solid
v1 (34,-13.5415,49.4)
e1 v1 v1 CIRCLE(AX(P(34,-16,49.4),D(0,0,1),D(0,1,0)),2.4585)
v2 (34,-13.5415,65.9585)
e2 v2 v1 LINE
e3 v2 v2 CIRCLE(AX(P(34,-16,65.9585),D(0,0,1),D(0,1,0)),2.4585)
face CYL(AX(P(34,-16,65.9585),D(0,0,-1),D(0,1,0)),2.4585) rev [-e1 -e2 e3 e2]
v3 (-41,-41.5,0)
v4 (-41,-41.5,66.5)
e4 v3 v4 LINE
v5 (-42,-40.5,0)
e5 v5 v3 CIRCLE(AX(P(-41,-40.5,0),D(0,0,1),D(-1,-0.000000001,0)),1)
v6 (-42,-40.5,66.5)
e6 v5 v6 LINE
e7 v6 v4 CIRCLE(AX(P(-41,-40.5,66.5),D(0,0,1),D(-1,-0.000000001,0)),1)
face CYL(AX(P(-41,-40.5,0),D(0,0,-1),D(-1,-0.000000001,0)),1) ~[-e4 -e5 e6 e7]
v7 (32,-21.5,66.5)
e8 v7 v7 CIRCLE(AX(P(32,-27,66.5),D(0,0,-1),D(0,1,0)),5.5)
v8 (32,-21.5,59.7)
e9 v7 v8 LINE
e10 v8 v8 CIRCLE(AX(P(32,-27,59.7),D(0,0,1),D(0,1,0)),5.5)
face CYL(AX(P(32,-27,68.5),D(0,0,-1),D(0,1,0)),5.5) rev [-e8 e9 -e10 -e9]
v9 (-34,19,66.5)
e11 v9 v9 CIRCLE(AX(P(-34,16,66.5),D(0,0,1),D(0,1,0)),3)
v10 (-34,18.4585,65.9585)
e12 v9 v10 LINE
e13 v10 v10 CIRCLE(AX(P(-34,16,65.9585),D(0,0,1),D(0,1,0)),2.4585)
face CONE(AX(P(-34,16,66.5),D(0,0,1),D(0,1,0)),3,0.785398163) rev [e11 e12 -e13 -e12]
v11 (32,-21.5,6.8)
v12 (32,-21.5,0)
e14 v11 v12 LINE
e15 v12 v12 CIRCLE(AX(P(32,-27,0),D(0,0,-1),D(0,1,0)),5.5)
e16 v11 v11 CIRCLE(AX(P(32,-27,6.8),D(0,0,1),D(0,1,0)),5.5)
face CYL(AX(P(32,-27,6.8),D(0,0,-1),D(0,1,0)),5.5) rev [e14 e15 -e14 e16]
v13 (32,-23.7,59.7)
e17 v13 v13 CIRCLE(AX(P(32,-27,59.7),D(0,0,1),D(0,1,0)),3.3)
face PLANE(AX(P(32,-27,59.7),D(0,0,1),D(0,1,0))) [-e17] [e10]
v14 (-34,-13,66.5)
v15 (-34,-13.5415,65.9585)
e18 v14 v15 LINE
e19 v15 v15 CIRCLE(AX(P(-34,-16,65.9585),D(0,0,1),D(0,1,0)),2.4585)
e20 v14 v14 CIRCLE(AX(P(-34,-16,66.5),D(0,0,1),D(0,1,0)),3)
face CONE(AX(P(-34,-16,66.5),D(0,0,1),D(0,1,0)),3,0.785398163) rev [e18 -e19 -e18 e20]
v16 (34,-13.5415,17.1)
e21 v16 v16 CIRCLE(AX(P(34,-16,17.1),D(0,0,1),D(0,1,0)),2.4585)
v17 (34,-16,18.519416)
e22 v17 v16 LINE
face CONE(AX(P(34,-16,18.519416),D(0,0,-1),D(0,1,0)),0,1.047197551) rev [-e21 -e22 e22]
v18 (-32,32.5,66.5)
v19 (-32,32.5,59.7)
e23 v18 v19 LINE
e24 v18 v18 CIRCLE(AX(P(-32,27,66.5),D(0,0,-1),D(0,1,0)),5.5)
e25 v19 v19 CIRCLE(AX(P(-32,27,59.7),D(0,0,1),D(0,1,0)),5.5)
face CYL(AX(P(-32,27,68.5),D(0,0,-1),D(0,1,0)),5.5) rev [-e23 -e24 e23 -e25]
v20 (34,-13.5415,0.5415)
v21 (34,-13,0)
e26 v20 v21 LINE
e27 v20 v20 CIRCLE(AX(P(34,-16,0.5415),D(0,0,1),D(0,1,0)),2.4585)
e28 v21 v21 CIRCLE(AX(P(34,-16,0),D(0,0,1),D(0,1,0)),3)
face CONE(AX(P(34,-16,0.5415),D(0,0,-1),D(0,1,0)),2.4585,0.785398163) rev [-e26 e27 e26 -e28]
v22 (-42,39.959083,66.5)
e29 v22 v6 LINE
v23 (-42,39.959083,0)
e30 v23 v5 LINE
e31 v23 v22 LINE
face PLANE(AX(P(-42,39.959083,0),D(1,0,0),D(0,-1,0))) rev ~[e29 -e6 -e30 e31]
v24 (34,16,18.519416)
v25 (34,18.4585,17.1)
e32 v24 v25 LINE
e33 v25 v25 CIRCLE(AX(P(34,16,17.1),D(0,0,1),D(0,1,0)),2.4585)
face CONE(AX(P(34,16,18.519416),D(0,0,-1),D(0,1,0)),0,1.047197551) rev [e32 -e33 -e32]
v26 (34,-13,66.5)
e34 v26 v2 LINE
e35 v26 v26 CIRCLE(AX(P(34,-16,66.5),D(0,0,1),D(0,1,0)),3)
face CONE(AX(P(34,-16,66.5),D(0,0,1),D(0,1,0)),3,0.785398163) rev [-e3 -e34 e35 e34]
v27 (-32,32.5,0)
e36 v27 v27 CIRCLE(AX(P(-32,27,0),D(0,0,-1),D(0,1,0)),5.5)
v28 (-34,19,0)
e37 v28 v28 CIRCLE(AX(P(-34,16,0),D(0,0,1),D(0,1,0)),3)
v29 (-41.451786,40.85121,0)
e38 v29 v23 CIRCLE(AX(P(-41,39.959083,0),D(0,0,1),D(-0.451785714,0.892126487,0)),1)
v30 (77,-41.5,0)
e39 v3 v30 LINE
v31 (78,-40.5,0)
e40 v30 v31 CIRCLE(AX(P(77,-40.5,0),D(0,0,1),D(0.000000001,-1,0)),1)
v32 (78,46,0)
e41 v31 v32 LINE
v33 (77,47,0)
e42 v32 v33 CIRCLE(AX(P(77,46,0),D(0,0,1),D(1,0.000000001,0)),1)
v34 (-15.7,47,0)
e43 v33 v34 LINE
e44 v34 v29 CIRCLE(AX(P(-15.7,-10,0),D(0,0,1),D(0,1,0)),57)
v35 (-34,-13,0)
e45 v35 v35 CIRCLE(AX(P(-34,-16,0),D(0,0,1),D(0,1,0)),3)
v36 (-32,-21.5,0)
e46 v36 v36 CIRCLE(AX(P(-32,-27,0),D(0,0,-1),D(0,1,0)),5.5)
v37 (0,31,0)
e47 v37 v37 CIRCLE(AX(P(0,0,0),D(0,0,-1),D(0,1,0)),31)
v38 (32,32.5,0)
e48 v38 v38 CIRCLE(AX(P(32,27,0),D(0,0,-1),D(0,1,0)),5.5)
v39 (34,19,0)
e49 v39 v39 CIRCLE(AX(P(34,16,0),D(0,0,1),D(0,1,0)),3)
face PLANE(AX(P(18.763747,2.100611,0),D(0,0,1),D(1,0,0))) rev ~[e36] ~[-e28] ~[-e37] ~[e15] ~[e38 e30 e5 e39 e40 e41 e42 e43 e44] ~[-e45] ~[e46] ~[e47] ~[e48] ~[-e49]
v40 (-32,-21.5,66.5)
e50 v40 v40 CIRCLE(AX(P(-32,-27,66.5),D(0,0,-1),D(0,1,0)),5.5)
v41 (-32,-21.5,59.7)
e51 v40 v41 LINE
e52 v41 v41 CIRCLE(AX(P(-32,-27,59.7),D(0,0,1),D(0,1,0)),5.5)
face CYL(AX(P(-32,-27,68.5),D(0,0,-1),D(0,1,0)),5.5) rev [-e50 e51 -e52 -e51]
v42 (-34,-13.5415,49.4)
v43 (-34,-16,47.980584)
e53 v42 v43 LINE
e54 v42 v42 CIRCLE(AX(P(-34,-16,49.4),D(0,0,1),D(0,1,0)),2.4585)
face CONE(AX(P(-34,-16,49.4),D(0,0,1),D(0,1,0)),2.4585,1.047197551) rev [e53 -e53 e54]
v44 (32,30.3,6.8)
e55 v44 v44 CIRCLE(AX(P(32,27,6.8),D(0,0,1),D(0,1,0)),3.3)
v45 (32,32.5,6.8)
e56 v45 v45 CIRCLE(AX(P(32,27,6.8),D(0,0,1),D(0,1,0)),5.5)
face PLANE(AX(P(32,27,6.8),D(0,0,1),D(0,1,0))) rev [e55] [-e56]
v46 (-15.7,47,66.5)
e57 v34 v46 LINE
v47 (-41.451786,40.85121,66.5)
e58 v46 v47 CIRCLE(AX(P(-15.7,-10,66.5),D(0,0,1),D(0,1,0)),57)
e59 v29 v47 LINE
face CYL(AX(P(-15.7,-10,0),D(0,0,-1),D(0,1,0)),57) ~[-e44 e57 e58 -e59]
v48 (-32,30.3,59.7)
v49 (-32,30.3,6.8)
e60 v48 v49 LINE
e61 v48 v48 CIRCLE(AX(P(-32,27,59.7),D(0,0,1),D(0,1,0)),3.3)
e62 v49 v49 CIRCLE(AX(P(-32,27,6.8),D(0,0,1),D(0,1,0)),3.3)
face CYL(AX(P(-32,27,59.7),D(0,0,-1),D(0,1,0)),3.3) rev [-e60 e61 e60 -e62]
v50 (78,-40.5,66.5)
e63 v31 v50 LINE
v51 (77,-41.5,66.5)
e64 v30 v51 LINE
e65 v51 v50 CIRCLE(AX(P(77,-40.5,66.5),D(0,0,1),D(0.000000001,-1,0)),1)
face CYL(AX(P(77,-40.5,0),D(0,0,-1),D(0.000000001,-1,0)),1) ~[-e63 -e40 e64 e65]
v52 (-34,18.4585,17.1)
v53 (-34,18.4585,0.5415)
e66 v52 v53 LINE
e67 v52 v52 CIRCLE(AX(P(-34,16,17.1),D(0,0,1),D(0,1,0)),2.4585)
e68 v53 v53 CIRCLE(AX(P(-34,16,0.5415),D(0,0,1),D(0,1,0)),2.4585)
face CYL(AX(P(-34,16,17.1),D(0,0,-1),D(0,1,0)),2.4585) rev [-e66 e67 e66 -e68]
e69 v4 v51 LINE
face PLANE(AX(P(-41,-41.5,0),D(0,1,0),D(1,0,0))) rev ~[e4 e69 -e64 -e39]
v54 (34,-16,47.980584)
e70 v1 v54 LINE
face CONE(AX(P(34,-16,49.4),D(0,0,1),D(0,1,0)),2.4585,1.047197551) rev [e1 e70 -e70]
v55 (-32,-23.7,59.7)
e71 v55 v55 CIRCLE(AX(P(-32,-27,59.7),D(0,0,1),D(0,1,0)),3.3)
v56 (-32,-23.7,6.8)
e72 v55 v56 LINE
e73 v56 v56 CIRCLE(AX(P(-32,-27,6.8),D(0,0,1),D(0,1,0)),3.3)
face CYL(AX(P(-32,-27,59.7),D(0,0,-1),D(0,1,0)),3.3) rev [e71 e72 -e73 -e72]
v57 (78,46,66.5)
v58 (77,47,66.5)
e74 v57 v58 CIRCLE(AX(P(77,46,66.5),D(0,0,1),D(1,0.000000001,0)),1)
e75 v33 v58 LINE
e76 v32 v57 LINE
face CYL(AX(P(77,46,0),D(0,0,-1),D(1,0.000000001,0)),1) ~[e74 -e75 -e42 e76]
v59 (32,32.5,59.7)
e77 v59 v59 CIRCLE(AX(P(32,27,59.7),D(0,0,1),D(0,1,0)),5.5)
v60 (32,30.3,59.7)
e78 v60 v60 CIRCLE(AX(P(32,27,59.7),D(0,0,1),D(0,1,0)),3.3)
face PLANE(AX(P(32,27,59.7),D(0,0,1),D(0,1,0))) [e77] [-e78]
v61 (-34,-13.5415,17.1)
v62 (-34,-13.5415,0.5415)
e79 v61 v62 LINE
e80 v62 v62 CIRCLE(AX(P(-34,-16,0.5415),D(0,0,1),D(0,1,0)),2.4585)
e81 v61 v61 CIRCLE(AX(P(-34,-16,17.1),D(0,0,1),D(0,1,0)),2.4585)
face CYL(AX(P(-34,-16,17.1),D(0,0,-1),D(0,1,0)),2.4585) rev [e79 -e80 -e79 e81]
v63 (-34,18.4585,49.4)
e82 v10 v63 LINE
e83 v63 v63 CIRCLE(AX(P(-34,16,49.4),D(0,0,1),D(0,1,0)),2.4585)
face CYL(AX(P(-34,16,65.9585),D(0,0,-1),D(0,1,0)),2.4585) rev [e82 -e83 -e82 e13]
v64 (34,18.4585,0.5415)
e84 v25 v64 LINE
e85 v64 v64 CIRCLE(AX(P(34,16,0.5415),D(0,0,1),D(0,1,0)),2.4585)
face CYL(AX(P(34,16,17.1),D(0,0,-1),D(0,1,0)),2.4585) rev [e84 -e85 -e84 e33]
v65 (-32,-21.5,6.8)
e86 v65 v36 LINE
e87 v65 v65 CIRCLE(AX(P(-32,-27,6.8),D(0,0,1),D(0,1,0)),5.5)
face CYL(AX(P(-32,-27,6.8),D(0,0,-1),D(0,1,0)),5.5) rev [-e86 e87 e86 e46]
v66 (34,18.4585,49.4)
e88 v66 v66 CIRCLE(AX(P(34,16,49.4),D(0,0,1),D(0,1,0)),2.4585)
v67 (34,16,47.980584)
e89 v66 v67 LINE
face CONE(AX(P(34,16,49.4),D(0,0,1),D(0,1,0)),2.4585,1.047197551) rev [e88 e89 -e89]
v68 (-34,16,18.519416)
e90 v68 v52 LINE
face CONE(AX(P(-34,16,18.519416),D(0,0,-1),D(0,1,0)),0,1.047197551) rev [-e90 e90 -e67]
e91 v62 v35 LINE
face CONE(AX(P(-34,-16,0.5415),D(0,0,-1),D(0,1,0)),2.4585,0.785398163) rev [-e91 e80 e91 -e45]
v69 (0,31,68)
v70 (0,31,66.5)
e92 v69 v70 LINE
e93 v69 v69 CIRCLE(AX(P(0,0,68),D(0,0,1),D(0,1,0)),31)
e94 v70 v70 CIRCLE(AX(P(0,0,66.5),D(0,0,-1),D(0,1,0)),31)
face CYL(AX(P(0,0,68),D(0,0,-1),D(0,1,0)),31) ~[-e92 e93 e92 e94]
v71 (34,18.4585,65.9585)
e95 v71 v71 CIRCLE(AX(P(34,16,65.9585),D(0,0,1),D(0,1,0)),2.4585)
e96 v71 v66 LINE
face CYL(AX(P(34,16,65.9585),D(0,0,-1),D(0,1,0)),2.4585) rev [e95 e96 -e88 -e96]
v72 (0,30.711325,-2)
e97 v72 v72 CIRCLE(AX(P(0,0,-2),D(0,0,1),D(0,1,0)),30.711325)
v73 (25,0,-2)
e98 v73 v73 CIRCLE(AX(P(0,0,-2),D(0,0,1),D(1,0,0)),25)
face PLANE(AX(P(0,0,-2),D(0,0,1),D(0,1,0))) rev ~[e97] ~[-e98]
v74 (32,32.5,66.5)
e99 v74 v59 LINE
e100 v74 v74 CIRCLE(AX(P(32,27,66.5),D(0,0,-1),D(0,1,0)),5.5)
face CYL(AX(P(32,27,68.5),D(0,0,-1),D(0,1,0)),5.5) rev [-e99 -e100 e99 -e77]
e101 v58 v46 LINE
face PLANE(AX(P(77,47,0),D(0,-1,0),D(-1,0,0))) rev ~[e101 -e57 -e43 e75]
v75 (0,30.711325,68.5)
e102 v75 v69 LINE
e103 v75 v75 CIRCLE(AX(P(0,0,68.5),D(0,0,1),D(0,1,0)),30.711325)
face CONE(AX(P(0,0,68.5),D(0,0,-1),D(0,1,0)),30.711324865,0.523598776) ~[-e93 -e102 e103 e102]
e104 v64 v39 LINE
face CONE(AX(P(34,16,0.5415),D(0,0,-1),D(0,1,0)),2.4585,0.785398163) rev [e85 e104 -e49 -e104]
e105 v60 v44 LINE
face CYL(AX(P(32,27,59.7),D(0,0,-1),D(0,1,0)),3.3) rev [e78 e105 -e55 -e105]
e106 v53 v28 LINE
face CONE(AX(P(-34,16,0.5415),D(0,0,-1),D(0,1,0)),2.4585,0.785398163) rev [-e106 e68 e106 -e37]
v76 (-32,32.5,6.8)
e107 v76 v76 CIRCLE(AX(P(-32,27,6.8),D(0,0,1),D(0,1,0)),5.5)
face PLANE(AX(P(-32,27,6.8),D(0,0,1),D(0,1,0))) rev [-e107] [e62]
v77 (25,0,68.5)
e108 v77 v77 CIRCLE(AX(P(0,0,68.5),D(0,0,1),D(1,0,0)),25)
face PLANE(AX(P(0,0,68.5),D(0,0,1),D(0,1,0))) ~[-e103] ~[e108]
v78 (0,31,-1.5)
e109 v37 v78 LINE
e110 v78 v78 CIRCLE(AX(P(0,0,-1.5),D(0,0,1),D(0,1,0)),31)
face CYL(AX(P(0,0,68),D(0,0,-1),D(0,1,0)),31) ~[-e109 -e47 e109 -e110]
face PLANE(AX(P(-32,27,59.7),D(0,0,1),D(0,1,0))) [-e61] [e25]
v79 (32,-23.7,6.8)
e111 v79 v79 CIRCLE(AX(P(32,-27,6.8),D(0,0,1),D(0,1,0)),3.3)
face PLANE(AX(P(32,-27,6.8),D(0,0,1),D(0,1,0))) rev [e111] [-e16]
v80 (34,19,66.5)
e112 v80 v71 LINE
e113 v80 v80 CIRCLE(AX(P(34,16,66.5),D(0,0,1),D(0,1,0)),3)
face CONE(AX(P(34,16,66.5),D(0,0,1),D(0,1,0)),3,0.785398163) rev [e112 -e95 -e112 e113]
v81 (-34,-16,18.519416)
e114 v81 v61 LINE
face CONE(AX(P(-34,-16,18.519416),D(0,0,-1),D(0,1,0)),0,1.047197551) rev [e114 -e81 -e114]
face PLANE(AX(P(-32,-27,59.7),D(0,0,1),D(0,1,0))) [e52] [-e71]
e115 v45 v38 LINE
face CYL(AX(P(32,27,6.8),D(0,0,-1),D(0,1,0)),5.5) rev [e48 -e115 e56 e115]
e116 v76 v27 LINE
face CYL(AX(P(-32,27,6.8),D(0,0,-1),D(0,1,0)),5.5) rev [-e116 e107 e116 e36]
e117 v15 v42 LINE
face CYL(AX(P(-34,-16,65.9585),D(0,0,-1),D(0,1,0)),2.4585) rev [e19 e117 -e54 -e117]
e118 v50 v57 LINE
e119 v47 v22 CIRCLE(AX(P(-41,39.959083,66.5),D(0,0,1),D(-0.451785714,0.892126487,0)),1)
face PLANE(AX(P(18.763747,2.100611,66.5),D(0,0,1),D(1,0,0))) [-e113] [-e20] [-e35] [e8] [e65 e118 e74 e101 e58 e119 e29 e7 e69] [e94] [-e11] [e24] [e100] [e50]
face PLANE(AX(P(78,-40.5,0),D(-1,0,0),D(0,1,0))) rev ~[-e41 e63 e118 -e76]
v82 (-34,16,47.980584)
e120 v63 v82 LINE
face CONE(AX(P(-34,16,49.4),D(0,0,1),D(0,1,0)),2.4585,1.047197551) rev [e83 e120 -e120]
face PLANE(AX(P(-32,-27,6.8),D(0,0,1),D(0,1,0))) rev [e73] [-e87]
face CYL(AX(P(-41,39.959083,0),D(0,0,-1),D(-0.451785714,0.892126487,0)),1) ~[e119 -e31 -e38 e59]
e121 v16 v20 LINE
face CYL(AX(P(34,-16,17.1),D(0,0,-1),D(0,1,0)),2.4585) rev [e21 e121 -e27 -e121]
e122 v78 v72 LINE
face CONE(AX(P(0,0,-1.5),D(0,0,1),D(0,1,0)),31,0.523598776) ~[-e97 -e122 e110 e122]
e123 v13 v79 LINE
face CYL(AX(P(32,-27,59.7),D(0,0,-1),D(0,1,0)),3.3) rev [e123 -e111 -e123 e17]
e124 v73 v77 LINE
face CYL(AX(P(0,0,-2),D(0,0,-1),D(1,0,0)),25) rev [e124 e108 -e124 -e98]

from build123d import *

# Parameters (mm, degrees)
LINEAR_AUSTRAGEN1_DEPTH = 66.5
SKIZZE3_R               = 25
LINEAR_AUSTRAGEN2_DEPTH = 70.5


with BuildPart() as part:
    # Skizze1 → Linear austragen1 (new body)
    with BuildSketch(Plane.XY):
        with BuildLine():
            Line((-42, 39.959083258), (-42, -40.5))
            ThreePointArc((-42, -40.5), (-41.707106781, -41.207106781), (-41, -41.5))
            Line((-41, -41.5), (77, -41.5))
            ThreePointArc((77, -41.5), (77.707106781, -41.207106781), (78, -40.5))
            Line((78, -40.5), (78, 46))
            ThreePointArc((78, 46), (77.707106781, 46.707106781), (77, 47))
            Line((77, 47), (-15.7, 47))
            ThreePointArc((-15.7, 47), (-28.937844321, 45.441495991), (-41.451785714, 40.851209745))
            ThreePointArc((-41.451785714, 40.851209745), (-41.851993461, 40.482635684), (-42, 39.959083258))
        make_face()
    extrude(amount=LINEAR_AUSTRAGEN1_DEPTH)

    # Skizze2 → Rotation1 (revolve)
    with BuildSketch(Plane(origin=(0, 0, 0), x_dir=(0, 0, -1), z_dir=(1, 0, 0))):
        Polygon((-68.5, 0), (-68.5, 30.711324865), (-68, 31), (1.5, 31), (2, 30.711324865), (2, 0), align=None)
    revolve(axis=Axis((0, 0, -2), (0, 0, 1)))

    # Skizze3 → Linear austragen2 (cut)
    with BuildSketch(Plane.XY.offset(-2)):
        Circle(SKIZZE3_R)
    extrude(amount=LINEAR_AUSTRAGEN2_DEPTH, mode=Mode.SUBTRACT)

    # Skizze4 → Schnitt-Rotation1 (revolve, cut)
    with BuildSketch(Plane(origin=(-32, 0, 0), x_dir=(0, 0, -1), z_dir=(1, 0, 0))):
        Polygon((-68.5, 27), (-68.5, 32.5), (-59.7, 32.5), (-59.7, 30.3), (-6.8, 30.3), (-6.8, 32.5), (2, 32.5), (2, 27), align=None)
    revolve(axis=Axis((-32, 27, -2), (0, 0, 1)), mode=Mode.SUBTRACT)

    # Skizze5 → Schnitt-Rotation2 (revolve, cut)
    with BuildSketch(Plane(origin=(-32, 0, 0), x_dir=(0, 0, -1), z_dir=(1, 0, 0))):
        Polygon((-68.5, -27), (-68.5, -21.5), (-59.7, -21.5), (-59.7, -23.7), (-6.8, -23.7), (-6.8, -21.5), (2, -21.5), (2, -27), align=None)
    revolve(axis=Axis((-32, -27, -2), (0, 0, 1)), mode=Mode.SUBTRACT)

    # Skizze6 → Schnitt-Rotation3 (revolve, cut)
    with BuildSketch(Plane(origin=(32, 0, 0), x_dir=(0, 0, -1), z_dir=(1, 0, 0))):
        Polygon((-68.5, -27), (-68.5, -21.5), (-59.7, -21.5), (-59.7, -23.7), (-6.8, -23.7), (-6.8, -21.5), (2, -21.5), (2, -27), align=None)
    revolve(axis=Axis((32, -27, -2), (0, 0, 1)), mode=Mode.SUBTRACT)

    # Skizze7 → Schnitt-Rotation4 (revolve, cut)
    with BuildSketch(Plane(origin=(32, 0, 0), x_dir=(0, 0, -1), z_dir=(1, 0, 0))):
        Polygon((-68.5, 27), (-68.5, 32.5), (-59.7, 32.5), (-59.7, 30.3), (-6.8, 30.3), (-6.8, 32.5), (2, 32.5), (2, 27), align=None)
    revolve(axis=Axis((32, 27, -2), (0, 0, 1)), mode=Mode.SUBTRACT)

    # Skizze8 → Schnitt-Rotation5 (revolve, cut)
    with BuildSketch(Plane(origin=(34, 0, 0), x_dir=(0, 0, -1), z_dir=(1, 0, 0))):
        Polygon((-18.519415637, 16), (-17.1, 18.4585), (-0.5415, 18.4585), (0, 19), (0, 16), align=None)
    revolve(axis=Axis((34, 16, 0), (0, 0, 1)), mode=Mode.SUBTRACT)

    # Skizze9 → Schnitt-Rotation6 (revolve, cut)
    with BuildSketch(Plane(origin=(34, 0, 0), x_dir=(0, 0, -1), z_dir=(1, 0, 0))):
        Polygon((-18.519415637, -16), (-17.1, -13.5415), (-0.5415, -13.5415), (0, -13), (0, -16), align=None)
    revolve(axis=Axis((34, -16, 0), (0, 0, 1)), mode=Mode.SUBTRACT)

    # Skizze10 → Schnitt-Rotation7 (revolve, cut)
    with BuildSketch(Plane(origin=(-34, 0, 0), x_dir=(0, 0, -1), z_dir=(1, 0, 0))):
        Polygon((-18.519415637, 16), (-17.1, 18.4585), (-0.5415, 18.4585), (0, 19), (0, 16), align=None)
    revolve(axis=Axis((-34, 16, 0), (0, 0, 1)), mode=Mode.SUBTRACT)

    # Skizze11 → Schnitt-Rotation8 (revolve, cut)
    with BuildSketch(Plane(origin=(-34, 0, 0), x_dir=(0, 0, -1), z_dir=(1, 0, 0))):
        Polygon((-18.519415637, -16), (-17.1, -13.5415), (-0.5415, -13.5415), (0, -13), (0, -16), align=None)
    revolve(axis=Axis((-34, -16, 0), (0, 0, 1)), mode=Mode.SUBTRACT)

    # Skizze12 → Schnitt-Rotation9 (revolve, cut)
    with BuildSketch(Plane(origin=(-34, 0, 0), x_dir=(0, 0, -1), z_dir=(1, 0, 0))):
        Polygon((-66.5, 16), (-66.5, 19), (-65.9585, 18.4585), (-49.4, 18.4585), (-47.980584363, 16), align=None)
    revolve(axis=Axis((-34, 16, 47.980584363), (0, 0, 1)), mode=Mode.SUBTRACT)

    # Skizze13 → Schnitt-Rotation10 (revolve, cut)
    with BuildSketch(Plane(origin=(-34, 0, 0), x_dir=(0, 0, -1), z_dir=(1, 0, 0))):
        Polygon((-66.5, -16), (-66.5, -13), (-65.9585, -13.5415), (-49.4, -13.5415), (-47.980584363, -16), align=None)
    revolve(axis=Axis((-34, -16, 47.980584363), (0, 0, 1)), mode=Mode.SUBTRACT)

    # Skizze14 → Schnitt-Rotation11 (revolve, cut)
    with BuildSketch(Plane(origin=(34, 0, 0), x_dir=(0, 0, -1), z_dir=(1, 0, 0))):
        Polygon((-66.5, 16), (-66.5, 19), (-65.9585, 18.4585), (-49.4, 18.4585), (-47.980584363, 16), align=None)
    revolve(axis=Axis((34, 16, 47.980584363), (0, 0, 1)), mode=Mode.SUBTRACT)

    # Skizze15 → Schnitt-Rotation12 (revolve, cut)
    with BuildSketch(Plane(origin=(34, 0, 0), x_dir=(0, 0, -1), z_dir=(1, 0, 0))):
        Polygon((-66.5, -16), (-66.5, -13), (-65.9585, -13.5415), (-49.4, -13.5415), (-47.980584363, -16), align=None)
    revolve(axis=Axis((34, -16, 47.980584363), (0, 0, 1)), mode=Mode.SUBTRACT)


solid = part.part
